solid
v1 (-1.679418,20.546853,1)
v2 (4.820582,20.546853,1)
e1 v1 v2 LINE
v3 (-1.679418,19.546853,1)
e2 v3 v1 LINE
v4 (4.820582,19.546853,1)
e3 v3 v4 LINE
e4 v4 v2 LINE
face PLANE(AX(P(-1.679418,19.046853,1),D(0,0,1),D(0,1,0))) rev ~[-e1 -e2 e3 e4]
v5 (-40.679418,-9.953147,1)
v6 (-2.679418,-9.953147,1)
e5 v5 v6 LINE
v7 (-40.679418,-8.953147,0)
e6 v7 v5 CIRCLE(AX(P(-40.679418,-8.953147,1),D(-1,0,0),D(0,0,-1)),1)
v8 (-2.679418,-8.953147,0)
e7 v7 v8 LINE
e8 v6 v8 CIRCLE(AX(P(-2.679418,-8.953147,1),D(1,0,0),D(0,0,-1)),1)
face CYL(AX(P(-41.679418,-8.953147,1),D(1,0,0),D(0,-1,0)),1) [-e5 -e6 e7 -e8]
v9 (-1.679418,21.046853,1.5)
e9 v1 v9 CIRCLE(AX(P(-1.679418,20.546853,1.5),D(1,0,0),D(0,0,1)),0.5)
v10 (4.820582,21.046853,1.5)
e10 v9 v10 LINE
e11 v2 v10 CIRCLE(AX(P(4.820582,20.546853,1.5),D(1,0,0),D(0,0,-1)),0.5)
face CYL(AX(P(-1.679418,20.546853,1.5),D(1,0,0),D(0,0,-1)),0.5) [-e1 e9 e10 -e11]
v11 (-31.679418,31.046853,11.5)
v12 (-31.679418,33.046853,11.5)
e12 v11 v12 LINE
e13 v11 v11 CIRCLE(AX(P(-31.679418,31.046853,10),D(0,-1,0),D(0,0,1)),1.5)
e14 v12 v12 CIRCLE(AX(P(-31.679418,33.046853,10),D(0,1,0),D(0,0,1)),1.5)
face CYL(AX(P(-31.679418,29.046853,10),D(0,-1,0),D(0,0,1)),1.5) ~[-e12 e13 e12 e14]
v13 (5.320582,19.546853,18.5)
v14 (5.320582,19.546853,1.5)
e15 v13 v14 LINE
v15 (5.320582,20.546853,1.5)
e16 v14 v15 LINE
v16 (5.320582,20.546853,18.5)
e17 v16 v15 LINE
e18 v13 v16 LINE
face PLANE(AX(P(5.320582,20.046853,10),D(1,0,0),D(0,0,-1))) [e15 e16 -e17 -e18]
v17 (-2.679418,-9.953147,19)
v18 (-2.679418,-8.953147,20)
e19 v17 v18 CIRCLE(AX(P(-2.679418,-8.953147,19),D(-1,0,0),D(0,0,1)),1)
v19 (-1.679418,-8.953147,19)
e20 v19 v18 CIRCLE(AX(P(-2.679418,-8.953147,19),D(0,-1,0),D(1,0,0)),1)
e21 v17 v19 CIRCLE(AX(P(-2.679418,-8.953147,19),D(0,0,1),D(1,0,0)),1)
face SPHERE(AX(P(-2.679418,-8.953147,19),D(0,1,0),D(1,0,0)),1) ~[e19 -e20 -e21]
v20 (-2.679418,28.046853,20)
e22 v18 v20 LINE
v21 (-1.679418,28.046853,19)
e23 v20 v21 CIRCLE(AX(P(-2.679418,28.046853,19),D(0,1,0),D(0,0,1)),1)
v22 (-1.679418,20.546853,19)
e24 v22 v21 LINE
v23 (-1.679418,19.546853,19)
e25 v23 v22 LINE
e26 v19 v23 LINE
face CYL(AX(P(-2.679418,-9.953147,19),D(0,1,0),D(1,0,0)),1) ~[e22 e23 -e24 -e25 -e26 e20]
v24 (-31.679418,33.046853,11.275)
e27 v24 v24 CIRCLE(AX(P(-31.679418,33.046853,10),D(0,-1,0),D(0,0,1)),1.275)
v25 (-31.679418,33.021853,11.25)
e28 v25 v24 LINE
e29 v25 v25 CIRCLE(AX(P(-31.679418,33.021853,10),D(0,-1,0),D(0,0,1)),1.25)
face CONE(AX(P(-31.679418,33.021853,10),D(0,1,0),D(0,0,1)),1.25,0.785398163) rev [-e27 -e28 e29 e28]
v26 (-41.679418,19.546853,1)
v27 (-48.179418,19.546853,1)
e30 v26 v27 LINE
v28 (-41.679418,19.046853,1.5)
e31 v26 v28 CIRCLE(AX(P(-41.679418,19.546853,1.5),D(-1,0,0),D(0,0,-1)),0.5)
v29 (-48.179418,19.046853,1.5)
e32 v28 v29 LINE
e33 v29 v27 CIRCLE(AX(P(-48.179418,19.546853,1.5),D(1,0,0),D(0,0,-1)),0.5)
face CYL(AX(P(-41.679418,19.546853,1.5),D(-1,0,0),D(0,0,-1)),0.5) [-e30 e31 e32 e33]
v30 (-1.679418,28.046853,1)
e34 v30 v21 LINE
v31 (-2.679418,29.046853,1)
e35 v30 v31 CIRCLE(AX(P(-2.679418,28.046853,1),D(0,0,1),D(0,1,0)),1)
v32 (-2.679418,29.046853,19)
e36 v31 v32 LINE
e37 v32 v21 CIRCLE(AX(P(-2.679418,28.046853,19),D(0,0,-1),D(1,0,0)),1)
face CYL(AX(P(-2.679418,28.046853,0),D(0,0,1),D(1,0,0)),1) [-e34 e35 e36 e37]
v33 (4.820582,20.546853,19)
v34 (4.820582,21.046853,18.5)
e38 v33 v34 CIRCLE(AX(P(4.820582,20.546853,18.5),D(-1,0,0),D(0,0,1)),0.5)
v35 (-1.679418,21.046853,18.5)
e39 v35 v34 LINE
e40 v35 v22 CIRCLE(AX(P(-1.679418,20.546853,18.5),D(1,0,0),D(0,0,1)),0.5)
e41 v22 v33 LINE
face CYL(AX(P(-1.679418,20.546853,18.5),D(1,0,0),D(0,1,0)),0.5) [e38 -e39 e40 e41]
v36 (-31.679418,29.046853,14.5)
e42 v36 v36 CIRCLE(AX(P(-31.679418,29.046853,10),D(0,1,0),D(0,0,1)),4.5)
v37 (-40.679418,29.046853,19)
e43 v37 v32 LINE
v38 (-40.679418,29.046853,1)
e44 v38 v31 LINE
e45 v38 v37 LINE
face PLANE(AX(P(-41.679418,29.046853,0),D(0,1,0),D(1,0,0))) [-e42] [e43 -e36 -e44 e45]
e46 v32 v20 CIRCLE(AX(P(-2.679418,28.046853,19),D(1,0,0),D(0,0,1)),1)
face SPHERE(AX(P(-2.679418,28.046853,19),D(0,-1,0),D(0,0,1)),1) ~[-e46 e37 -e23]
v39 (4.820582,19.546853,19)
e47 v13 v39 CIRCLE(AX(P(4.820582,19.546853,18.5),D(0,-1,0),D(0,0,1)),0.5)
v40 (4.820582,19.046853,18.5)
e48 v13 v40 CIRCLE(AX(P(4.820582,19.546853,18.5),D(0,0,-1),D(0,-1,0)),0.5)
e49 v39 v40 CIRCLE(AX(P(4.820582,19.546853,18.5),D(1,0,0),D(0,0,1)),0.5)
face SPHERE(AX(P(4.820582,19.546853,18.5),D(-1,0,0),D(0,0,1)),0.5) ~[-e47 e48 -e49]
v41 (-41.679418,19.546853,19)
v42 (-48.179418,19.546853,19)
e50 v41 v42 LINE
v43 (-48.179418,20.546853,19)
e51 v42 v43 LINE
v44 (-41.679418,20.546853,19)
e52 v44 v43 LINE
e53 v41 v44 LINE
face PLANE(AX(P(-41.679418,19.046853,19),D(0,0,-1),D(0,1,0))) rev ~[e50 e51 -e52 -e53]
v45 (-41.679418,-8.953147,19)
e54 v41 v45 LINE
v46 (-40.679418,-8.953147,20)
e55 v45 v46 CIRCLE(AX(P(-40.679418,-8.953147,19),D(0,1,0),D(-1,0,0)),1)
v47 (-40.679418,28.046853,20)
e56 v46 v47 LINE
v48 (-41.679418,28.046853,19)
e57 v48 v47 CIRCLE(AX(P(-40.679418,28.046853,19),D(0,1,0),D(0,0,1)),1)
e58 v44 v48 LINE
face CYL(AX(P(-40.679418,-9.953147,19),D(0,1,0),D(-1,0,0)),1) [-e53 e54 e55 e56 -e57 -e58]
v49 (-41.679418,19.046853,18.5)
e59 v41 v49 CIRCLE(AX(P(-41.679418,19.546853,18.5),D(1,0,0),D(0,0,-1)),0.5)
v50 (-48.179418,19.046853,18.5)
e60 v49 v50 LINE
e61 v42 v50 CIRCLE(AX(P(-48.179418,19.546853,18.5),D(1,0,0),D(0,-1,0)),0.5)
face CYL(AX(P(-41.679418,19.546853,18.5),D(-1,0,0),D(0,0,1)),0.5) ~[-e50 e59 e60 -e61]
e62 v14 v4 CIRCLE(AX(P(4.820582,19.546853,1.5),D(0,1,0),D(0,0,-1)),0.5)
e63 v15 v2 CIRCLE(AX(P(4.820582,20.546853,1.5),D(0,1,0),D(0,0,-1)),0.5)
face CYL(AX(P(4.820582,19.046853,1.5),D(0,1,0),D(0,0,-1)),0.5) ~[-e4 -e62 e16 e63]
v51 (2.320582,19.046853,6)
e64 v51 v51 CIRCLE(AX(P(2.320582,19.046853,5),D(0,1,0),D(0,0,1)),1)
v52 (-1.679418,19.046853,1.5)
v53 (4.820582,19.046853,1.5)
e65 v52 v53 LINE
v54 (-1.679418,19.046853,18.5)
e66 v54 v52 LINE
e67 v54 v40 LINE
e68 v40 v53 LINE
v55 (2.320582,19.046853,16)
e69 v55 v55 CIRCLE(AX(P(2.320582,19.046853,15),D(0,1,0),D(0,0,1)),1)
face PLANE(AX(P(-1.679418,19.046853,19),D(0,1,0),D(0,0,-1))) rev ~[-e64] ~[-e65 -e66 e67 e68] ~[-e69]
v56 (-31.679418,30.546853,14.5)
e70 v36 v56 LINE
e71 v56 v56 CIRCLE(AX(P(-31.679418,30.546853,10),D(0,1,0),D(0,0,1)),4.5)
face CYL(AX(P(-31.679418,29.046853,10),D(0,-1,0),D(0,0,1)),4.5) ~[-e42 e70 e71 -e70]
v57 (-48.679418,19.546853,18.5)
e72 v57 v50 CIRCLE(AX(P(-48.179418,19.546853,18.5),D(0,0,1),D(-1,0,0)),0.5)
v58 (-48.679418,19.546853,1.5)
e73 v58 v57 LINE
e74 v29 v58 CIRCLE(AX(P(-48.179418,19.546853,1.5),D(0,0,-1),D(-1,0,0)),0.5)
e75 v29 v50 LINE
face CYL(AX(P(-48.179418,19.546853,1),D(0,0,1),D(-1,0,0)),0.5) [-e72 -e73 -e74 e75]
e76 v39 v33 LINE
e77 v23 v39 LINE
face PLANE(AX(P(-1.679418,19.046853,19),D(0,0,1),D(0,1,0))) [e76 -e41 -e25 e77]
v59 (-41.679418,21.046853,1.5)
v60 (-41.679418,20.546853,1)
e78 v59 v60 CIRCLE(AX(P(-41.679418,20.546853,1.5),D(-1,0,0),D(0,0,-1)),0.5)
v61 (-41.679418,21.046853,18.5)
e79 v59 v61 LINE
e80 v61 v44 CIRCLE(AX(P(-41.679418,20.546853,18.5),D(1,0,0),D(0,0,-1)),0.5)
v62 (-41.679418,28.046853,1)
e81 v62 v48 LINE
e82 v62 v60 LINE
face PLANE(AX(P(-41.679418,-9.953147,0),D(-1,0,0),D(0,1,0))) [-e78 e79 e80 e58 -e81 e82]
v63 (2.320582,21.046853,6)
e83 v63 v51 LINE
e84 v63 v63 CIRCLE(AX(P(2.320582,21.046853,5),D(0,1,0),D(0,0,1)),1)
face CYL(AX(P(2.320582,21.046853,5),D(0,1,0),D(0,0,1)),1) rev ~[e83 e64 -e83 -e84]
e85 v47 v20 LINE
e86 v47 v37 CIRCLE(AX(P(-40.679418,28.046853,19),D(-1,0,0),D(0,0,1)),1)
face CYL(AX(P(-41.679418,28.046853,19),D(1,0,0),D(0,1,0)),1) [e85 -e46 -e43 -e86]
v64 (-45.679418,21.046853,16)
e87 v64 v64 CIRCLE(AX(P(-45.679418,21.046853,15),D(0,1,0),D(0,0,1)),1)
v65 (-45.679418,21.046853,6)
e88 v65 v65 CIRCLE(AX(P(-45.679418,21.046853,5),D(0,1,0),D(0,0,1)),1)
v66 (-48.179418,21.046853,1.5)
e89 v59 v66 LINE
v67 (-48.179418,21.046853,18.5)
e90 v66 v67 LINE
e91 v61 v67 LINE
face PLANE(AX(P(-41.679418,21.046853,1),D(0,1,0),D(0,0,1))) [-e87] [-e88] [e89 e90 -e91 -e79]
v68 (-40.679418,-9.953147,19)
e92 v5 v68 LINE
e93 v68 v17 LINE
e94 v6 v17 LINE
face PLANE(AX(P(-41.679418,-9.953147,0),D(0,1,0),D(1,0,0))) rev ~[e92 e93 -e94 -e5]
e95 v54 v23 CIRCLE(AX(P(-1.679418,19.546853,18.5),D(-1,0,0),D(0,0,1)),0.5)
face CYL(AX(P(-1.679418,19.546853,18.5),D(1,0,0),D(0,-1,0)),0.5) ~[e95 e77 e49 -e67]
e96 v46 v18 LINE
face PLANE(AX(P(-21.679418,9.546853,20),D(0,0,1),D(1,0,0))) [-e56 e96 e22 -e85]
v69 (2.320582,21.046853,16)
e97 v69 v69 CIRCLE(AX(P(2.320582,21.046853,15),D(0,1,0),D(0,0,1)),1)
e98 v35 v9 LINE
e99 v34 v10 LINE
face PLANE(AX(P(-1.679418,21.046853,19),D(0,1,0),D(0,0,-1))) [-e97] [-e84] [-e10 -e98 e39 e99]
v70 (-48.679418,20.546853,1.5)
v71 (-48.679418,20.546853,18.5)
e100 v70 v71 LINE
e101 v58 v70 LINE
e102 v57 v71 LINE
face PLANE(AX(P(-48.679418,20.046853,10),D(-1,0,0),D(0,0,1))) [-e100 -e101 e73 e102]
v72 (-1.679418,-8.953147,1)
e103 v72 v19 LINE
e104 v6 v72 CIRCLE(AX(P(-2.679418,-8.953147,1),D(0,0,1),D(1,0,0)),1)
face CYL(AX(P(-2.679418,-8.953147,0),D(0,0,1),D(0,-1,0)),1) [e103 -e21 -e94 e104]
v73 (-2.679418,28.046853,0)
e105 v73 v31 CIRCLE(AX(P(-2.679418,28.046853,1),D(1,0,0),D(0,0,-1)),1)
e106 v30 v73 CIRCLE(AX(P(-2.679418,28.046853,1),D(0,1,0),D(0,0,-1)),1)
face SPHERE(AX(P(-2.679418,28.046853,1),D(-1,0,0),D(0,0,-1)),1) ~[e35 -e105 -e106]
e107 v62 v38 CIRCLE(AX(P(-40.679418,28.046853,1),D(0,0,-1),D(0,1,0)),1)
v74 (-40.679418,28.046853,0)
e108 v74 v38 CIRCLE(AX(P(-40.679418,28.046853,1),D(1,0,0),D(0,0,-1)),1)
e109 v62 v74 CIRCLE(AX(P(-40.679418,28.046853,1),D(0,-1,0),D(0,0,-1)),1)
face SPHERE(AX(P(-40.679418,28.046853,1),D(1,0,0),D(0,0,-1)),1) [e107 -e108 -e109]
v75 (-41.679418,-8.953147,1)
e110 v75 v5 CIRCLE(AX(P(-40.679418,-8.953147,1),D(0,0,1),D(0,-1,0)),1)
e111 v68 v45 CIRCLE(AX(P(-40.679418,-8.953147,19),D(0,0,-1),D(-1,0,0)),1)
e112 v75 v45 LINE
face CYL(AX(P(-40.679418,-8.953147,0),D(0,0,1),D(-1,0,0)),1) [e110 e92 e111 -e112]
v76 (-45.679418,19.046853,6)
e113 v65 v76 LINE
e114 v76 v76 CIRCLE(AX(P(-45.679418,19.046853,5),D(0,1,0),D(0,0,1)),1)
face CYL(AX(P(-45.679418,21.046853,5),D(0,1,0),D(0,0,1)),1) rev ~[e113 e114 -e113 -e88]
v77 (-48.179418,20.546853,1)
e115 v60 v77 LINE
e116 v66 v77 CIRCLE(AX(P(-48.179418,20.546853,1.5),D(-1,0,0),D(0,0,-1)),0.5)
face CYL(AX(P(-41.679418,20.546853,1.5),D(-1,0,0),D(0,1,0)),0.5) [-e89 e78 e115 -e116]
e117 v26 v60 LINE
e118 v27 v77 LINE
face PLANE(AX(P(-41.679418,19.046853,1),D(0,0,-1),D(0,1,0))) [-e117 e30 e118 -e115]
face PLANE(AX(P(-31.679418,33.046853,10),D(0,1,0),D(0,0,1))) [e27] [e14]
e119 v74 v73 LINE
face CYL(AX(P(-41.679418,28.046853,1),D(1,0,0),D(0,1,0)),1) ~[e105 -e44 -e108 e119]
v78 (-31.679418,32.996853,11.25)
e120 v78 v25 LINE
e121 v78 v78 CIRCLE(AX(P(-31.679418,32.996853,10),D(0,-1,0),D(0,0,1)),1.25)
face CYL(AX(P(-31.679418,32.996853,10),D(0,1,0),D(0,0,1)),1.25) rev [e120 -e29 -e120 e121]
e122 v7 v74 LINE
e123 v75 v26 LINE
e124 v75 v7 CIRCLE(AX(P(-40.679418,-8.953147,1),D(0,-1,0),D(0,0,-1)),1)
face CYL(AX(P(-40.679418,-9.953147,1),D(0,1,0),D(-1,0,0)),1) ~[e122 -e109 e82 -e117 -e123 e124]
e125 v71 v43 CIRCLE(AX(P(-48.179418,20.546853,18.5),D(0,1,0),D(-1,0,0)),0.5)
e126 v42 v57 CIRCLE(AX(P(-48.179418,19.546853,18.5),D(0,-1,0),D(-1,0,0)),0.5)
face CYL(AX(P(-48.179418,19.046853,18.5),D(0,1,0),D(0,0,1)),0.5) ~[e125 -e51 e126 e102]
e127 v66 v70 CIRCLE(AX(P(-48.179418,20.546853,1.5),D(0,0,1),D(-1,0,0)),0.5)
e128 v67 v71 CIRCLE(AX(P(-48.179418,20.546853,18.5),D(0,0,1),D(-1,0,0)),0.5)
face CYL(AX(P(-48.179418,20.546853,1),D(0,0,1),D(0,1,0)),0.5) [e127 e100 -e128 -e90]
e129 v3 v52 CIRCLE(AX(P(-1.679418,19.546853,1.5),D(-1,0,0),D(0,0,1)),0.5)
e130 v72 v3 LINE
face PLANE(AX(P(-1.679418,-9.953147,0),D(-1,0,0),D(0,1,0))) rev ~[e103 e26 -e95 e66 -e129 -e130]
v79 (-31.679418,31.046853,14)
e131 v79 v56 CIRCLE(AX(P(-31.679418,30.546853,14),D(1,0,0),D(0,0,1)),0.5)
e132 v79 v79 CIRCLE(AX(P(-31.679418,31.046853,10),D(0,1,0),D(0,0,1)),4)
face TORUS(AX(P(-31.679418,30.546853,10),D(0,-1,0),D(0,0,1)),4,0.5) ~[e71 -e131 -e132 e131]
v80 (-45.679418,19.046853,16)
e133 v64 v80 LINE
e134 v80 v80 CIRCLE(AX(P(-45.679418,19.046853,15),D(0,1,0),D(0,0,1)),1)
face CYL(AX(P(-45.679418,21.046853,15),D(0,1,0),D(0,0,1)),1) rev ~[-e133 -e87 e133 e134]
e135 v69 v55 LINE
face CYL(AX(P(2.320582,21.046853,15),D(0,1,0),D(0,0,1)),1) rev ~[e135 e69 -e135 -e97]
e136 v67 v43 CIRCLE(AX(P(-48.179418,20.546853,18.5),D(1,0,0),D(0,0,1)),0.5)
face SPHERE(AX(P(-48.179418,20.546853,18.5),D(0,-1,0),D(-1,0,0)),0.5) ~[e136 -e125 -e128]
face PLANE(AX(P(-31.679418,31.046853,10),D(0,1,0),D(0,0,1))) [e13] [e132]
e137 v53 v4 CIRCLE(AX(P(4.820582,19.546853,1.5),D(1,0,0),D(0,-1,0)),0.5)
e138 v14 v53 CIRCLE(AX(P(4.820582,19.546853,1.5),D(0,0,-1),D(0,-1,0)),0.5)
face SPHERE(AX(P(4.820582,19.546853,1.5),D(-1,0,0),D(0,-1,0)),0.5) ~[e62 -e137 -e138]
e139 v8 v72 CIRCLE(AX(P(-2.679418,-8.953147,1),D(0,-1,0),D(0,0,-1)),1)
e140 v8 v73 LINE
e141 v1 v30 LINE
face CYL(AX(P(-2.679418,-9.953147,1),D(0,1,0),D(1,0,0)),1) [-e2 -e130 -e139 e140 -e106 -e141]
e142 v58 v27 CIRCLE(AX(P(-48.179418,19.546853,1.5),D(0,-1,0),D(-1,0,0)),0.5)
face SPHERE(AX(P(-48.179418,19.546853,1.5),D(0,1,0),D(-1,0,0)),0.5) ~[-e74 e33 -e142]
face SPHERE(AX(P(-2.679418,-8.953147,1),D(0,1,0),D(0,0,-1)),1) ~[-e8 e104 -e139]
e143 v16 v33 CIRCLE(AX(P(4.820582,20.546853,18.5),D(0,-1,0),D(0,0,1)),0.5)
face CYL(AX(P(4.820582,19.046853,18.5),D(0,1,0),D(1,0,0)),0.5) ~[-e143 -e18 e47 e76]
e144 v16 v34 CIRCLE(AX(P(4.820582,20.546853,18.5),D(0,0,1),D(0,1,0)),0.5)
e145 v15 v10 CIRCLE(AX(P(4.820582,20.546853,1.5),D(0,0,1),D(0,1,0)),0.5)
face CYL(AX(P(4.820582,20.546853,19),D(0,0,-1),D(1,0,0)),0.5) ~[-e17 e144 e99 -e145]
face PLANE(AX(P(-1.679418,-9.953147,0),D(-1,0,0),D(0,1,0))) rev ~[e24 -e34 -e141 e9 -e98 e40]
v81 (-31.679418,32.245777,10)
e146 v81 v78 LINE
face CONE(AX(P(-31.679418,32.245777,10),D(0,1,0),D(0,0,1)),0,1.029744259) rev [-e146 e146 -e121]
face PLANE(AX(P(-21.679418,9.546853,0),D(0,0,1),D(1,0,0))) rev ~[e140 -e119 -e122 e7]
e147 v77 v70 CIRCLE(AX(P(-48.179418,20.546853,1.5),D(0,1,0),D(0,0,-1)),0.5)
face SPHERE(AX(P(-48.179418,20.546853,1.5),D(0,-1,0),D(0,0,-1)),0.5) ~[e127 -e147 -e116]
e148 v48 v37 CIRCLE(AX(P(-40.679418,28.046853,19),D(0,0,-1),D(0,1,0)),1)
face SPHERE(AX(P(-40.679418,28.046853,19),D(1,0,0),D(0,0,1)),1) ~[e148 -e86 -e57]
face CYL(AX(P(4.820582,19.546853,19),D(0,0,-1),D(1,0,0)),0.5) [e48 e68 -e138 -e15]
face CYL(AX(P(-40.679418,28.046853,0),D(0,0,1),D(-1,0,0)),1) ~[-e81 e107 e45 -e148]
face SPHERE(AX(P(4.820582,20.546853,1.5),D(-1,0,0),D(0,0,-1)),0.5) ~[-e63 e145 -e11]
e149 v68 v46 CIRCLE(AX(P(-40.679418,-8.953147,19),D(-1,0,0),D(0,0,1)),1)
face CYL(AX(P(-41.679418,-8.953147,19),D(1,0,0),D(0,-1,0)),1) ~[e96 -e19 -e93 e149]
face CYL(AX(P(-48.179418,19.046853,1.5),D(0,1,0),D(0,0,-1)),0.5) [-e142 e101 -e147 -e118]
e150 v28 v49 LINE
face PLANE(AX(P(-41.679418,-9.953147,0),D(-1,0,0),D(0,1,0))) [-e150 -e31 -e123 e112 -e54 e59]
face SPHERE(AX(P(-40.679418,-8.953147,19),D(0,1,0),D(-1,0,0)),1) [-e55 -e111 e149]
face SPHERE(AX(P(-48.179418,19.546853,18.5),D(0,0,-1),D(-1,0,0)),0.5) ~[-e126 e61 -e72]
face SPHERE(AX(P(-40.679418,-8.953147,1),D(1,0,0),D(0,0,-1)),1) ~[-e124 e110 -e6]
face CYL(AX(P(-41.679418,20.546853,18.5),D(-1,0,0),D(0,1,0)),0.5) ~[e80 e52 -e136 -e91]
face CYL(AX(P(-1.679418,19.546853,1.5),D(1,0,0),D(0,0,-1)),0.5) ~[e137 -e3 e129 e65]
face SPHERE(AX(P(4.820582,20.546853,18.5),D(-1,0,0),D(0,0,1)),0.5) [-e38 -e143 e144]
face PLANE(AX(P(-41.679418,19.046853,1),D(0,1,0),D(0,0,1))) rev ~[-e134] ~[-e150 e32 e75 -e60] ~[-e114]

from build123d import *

# Parameters (mm, degrees)
SKETCH_2_W          = 40
SKETCH_2_H          = 39
EXTRUDE_1_DEPTH     = 20
FILLET_1_R          = 1
SKETCH_7_W          = 18
SKETCH_7_H          = 2
EXTRUDE_3_DEPTH     = 7
SKETCH_8_W          = 18
SKETCH_8_H          = 2
EXTRUDE_4_DEPTH     = 7
SKETCH_11_R         = 1
CUT_EXTRUDE_2_DEPTH = 62.079339492
SKETCH_12_R         = 4.5
EXTRUDE_5_DEPTH     = 2
SKETCH_13_R         = 1.5
EXTRUDE_6_DEPTH     = 4
FILLET_2_R          = 0.5
FILLET_3_R          = 0.5
FILLET_4_R          = 0.5
SKETCH_10_R         = 1
CUT_EXTRUDE_3_DEPTH = 62.079339492


with BuildPart() as part:
    # 草图2 → 凸台-拉伸1 (new body)
    with BuildSketch(Plane.XY):
        with Locations((-21.679417753, 9.546852913)):
            Rectangle(SKETCH_2_W, SKETCH_2_H)
    extrude(amount=EXTRUDE_1_DEPTH)

    # 圆角1
    fillet_1_edges = [part.edges().sort_by_distance(p)[0] for p in [
        (-1.679417753, 9.546852913, 20),
        (-21.679417753, 29.046852913, 20),
        (-41.679417753, 9.546852913, 20),
        (-21.679417753, 29.046852913, 0),
        (-1.679417753, 9.546852913, 0),
        (-21.679417753, -9.953147087, 0),
        (-41.679417753, 9.546852913, 0),
        (-41.679417753, 29.046852913, 10),
        (-1.679417753, 29.046852913, 10),
        (-1.679417753, -9.953147087, 10),
        (-41.679417753, -9.953147087, 10),
        (-21.679417753, -9.953147087, 20),
    ]]
    fillet(fillet_1_edges, radius=FILLET_1_R)

    # 草图7 → 凸台-拉伸3 (add)
    with BuildSketch(Plane.ZY.offset(41.679417753)):
        with Locations((10, 20.046852913)):
            Rectangle(SKETCH_7_W, SKETCH_7_H)
    extrude(amount=EXTRUDE_3_DEPTH)

    # 草图8 → 凸台-拉伸4 (add)
    with BuildSketch(Plane(origin=(-1.679417753, 0, 0), x_dir=(0, 0, -1), z_dir=(1, 0, 0))):
        with Locations((-10, 20.046852913)):
            Rectangle(SKETCH_8_W, SKETCH_8_H)
    extrude(amount=EXTRUDE_4_DEPTH)

    # 草图11 → 切除-拉伸2 (cut, through all)
    with BuildSketch(Plane(origin=(0, 21.046852913, 0), x_dir=(1, 0, 0), z_dir=(0, 1, 0))):
        with Locations(Location((2.320582247, -5, 0), (0, 0, 270))):
            Circle(SKETCH_11_R)
        with Locations(Location((2.320582247, -15, 0), (0, 0, 270))):
            Circle(SKETCH_11_R)
    extrude(amount=-CUT_EXTRUDE_2_DEPTH, mode=Mode.SUBTRACT)

    # 草图12 → 凸台-拉伸5 (add)
    with BuildSketch(Plane(origin=(0, 29.046852913, 0), x_dir=(1, 0, 0), z_dir=(0, 1, 0))):
        with Locations(Location((-31.679417753, -10, 0), (0, 0, 270))):
            Circle(SKETCH_12_R)
    extrude(amount=EXTRUDE_5_DEPTH)

    # 草图13 → 凸台-拉伸6 (add)
    with BuildSketch(Plane(origin=(0, 29.046852913, 0), x_dir=(1, 0, 0), z_dir=(0, 1, 0))):
        with Locations(Location((-31.679417753, -10, 0), (0, 0, 270))):
            Circle(SKETCH_13_R)
    extrude(amount=EXTRUDE_6_DEPTH)

    # 圆角2
    fillet_2_edges = [part.edges().sort_by_distance(p)[0] for p in [
        (-31.679417753, 31.046852913, 5.5),
    ]]
    fillet(fillet_2_edges, radius=FILLET_2_R)

    # 草图17 → M3 螺纹孔的螺纹孔钻头1 (revolve, cut)
    with BuildSketch(Plane(origin=(-31.679417753, 33.046852913, 10), x_dir=(0, 0, 1), z_dir=(1, 0, 0))):
        Polygon((0, 0), (0, 0.801075774), (1.25, 0.05), (1.25, 0.025), (1.275, 0), align=None)
    revolve(axis=Axis((-31.679417753, 39.396852913, 10), (0, -1, 0)), mode=Mode.SUBTRACT)

    # 圆角3
    fillet_3_edges = [part.edges().sort_by_distance(p)[0] for p in [
        (-48.679417753, 20.046852913, 1),
        (-45.179417753, 21.046852913, 1),
        (-48.679417753, 19.046852913, 10),
        (-45.179417753, 19.046852913, 1),
        (-48.679417753, 20.046852913, 19),
        (-45.179417753, 19.046852913, 19),
        (-48.679417753, 21.046852913, 10),
        (-45.179417753, 21.046852913, 19),
    ]]
    fillet(fillet_3_edges, radius=FILLET_3_R)

    # 圆角4
    fillet_4_edges = [part.edges().sort_by_distance(p)[0] for p in [
        (1.820582247, 21.046852913, 19),
        (1.820582247, 19.046852913, 19),
        (1.820582247, 19.046852913, 1),
        (1.820582247, 21.046852913, 1),
        (5.320582247, 20.046852913, 19),
        (5.320582247, 19.046852913, 10),
        (5.320582247, 20.046852913, 1),
        (5.320582247, 21.046852913, 10),
    ]]
    fillet(fillet_4_edges, radius=FILLET_4_R)

    # 草图10 → 切除-拉伸3 (cut, through all)
    with BuildSketch(Plane(origin=(0, 21.046852913, 0), x_dir=(1, 0, 0), z_dir=(0, 1, 0))):
        with Locations(Location((-45.679417753, -5, 0), (0, 0, 270))):
            Circle(SKETCH_10_R)
        with Locations(Location((-45.679417753, -15, 0), (0, 0, 270))):
            Circle(SKETCH_10_R)
    extrude(amount=-CUT_EXTRUDE_3_DEPTH, mode=Mode.SUBTRACT)


solid = part.part
